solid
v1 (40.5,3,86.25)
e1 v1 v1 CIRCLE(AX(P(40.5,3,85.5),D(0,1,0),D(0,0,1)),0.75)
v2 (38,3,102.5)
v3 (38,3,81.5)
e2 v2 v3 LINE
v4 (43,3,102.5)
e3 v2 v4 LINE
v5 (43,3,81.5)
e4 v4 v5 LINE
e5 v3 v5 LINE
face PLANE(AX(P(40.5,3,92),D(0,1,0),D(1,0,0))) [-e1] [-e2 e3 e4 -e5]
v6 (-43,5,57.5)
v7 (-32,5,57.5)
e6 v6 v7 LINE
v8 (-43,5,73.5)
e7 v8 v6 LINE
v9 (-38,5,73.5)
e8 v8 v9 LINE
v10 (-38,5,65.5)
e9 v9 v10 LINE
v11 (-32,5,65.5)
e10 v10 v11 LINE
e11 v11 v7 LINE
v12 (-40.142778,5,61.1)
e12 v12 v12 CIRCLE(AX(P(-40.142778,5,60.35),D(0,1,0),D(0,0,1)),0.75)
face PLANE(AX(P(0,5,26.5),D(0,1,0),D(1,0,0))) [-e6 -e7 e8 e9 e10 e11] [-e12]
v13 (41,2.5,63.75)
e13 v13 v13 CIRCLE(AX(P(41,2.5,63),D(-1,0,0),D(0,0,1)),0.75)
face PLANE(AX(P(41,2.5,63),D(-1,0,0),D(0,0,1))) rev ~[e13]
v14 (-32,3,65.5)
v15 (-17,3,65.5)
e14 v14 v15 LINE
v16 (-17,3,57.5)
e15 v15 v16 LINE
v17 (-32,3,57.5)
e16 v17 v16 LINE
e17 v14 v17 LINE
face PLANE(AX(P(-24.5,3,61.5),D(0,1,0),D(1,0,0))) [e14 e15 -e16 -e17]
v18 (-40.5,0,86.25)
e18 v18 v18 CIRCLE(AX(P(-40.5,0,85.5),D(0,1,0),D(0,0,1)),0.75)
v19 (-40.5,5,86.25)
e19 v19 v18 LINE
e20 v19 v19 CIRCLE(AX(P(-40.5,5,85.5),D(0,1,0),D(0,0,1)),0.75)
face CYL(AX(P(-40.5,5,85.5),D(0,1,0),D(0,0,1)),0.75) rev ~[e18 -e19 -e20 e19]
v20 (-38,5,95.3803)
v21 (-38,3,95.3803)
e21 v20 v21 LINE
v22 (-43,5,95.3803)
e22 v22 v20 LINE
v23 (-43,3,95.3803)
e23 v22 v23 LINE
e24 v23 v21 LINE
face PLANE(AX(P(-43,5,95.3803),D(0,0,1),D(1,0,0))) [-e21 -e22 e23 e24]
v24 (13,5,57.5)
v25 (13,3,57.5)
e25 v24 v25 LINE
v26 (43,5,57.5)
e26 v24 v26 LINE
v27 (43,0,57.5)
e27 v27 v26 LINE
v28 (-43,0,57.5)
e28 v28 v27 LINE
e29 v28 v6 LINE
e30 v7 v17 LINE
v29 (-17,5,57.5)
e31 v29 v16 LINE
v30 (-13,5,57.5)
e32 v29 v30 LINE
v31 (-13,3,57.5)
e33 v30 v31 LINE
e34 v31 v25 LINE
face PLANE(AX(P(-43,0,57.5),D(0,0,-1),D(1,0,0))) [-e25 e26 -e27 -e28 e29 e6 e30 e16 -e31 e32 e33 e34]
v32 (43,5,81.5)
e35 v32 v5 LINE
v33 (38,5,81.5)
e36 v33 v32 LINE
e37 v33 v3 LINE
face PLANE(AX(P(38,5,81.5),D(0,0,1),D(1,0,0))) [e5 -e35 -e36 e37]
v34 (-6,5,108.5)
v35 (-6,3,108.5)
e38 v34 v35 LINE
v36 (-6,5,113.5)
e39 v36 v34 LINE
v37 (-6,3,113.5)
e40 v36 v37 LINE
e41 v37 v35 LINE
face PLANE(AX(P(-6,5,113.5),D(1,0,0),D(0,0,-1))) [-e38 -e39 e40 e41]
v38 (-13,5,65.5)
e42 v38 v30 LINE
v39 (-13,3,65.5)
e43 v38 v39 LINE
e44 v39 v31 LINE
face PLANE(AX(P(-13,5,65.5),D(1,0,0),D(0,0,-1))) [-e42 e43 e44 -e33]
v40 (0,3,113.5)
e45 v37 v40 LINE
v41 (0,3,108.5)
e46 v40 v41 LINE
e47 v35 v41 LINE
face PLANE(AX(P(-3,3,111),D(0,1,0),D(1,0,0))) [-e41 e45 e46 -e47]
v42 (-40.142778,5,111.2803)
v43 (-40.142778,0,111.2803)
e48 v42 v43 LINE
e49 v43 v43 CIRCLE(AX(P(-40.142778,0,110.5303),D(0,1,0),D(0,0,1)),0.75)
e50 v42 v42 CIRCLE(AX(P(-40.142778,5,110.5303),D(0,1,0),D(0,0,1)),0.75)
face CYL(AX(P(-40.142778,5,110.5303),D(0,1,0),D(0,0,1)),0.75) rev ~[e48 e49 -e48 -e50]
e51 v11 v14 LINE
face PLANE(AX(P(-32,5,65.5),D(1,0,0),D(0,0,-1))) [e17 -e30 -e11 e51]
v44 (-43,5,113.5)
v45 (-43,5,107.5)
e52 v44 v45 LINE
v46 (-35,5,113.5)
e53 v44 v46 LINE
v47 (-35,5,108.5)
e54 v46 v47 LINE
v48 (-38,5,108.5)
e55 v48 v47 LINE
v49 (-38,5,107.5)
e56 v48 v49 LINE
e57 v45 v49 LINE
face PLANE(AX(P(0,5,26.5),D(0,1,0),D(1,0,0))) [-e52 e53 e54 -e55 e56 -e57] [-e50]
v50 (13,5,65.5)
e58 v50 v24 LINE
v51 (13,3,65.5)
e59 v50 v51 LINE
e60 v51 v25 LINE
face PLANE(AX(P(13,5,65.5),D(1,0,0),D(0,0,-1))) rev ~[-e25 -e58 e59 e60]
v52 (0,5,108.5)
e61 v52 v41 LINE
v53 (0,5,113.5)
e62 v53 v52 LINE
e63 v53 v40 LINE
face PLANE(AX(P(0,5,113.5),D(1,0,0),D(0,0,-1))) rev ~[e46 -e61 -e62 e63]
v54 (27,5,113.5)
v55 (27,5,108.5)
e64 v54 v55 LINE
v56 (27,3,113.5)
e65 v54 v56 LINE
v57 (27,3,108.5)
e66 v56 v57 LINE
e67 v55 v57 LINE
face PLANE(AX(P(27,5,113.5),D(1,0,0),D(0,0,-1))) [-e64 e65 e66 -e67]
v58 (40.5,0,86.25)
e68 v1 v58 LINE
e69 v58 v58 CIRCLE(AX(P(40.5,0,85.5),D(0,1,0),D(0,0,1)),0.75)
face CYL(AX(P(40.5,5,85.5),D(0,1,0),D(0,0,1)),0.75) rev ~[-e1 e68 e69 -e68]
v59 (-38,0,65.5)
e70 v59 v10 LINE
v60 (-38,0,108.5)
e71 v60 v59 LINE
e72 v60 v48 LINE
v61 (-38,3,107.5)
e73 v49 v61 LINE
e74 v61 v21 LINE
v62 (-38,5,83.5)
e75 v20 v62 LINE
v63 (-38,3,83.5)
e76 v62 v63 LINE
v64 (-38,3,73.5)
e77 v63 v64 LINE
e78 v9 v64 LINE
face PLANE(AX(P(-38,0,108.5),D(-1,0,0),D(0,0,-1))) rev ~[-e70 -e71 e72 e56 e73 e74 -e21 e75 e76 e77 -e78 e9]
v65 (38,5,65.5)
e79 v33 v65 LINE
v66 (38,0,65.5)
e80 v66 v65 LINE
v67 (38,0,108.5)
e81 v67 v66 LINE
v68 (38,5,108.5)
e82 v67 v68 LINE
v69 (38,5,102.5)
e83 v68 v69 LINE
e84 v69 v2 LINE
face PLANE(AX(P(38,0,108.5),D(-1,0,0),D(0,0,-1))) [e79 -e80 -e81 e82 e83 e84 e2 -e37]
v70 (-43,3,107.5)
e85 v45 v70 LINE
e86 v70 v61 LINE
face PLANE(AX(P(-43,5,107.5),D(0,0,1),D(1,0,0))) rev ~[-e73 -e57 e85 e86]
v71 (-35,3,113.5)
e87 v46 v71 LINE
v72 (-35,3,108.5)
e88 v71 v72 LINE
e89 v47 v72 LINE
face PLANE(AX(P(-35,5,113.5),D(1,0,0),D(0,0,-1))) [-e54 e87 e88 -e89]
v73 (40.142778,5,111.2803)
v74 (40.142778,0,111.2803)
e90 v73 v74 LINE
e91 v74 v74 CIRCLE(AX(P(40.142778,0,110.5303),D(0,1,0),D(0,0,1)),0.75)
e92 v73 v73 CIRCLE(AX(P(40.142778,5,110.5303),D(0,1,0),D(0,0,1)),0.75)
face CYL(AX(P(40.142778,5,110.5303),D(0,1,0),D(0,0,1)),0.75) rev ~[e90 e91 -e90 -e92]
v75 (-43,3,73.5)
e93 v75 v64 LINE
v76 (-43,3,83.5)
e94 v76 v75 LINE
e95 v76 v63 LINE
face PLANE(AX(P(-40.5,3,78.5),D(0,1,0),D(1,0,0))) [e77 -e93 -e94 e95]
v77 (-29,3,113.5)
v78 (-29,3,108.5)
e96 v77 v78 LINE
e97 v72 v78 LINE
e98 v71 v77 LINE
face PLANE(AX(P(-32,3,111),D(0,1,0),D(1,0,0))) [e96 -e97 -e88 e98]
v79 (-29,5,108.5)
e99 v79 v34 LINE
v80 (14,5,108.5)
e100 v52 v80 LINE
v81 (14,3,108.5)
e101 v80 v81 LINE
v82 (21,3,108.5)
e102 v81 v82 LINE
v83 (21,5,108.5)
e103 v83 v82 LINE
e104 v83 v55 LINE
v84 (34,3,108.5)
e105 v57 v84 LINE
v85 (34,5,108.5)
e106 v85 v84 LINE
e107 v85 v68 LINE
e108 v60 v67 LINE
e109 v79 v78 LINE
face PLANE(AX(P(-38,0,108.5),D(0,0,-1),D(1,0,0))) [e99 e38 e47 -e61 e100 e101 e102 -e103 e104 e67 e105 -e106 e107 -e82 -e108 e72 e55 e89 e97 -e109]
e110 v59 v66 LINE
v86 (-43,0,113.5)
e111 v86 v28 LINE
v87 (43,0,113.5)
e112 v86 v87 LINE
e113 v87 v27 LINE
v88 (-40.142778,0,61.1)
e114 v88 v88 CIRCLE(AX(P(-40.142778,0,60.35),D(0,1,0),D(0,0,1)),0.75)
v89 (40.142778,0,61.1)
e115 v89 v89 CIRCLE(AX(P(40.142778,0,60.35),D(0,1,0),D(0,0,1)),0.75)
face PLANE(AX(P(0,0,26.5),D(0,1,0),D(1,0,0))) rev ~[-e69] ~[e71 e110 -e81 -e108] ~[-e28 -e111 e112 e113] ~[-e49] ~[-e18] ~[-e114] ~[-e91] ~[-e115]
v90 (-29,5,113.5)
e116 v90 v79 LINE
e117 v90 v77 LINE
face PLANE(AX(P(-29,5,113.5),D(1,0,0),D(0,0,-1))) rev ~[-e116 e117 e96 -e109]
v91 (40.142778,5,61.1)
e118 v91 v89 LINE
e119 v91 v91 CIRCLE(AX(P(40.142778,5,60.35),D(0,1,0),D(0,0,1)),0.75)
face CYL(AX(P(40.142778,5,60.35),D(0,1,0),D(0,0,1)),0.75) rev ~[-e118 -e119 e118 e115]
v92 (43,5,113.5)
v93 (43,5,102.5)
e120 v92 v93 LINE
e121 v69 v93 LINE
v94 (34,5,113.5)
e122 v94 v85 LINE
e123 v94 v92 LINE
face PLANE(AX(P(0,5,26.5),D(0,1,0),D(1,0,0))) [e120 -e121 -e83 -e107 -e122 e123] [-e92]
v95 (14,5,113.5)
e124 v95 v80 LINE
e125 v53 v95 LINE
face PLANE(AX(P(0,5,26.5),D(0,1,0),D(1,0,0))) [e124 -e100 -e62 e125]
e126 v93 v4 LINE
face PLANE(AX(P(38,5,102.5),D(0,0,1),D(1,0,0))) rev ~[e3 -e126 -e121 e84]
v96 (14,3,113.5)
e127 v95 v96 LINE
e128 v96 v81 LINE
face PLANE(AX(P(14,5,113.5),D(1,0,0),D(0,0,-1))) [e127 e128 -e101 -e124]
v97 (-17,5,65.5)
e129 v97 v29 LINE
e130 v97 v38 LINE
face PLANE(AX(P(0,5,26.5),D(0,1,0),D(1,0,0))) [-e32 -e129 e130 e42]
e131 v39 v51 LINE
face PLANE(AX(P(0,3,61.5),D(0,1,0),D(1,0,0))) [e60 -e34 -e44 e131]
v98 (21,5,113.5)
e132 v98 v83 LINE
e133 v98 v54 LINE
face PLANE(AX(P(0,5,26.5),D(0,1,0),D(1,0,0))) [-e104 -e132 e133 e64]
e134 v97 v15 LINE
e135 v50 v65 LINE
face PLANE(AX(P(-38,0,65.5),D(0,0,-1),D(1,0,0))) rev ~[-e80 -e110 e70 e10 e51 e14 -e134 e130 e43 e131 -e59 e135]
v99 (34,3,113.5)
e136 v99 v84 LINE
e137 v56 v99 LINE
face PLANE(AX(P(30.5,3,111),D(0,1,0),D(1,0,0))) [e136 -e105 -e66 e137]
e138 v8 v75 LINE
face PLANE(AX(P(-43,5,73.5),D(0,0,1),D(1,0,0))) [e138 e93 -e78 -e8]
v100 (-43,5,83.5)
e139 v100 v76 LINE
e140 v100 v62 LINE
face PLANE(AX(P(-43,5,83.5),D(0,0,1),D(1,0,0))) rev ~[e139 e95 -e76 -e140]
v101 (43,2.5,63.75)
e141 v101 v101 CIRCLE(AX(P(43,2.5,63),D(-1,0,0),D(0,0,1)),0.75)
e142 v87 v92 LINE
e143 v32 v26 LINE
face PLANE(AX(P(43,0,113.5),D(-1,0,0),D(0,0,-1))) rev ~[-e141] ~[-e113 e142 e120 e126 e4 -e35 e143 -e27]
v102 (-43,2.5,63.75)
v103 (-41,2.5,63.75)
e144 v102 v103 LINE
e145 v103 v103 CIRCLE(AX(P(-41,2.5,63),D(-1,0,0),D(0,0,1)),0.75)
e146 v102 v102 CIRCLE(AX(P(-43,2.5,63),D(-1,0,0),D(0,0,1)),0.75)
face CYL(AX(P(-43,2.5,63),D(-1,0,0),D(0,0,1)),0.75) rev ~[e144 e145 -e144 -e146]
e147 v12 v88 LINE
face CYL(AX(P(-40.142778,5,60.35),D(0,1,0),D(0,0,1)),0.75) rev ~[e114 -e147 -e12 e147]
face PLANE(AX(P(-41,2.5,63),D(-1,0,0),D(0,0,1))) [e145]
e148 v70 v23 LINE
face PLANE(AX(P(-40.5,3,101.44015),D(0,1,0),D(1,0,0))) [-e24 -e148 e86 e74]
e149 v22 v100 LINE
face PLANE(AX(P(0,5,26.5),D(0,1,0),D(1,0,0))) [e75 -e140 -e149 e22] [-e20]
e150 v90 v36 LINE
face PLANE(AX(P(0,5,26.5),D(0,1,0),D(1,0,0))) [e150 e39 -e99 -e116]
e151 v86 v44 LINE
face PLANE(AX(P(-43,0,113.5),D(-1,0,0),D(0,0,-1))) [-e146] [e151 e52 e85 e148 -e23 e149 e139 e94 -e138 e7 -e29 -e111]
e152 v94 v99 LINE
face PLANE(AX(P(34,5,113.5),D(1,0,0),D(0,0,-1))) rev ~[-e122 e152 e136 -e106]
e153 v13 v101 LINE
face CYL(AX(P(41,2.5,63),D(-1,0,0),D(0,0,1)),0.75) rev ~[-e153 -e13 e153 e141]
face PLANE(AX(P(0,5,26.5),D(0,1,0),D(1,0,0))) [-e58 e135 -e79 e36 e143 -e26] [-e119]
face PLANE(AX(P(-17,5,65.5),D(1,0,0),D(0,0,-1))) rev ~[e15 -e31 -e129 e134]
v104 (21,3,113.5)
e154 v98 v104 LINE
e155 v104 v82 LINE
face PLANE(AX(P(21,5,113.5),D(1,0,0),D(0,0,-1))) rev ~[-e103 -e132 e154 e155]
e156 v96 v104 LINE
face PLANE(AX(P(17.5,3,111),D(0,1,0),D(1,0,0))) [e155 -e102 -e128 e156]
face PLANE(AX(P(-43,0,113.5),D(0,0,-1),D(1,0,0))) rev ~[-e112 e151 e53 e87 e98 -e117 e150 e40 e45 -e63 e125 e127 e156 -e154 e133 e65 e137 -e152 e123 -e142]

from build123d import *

# Parameters (mm, degrees)
SKETCH_1_W          = 86
SKETCH_1_H          = 174
SKETCH_1_W_2        = 50
SKETCH_1_H_2        = 25
SKETCH_1_H_3        = 55
SKETCH_1_W_3        = 76
SKETCH_1_H_4        = 43
EXTRUDE_1_DEPTH     = 5
SKETCH_4_W          = 68.7
SKETCH_4_H          = 115
SKETCH_4_W_2        = 64.7
SKETCH_4_H_2        = 37
SKETCH_4_H_3        = 70
EXTRUDE_2_DEPTH     = 10
SKETCH_5_R          = 0.75
CUT_EXTRUDE_1_DEPTH = 122.783619588
SKETCH_7_W          = 15
SKETCH_7_H          = 8
SKETCH_7_W_2        = 26
SKETCH_7_W_3        = 5
SKETCH_7_H_2        = 10
SKETCH_7_H_3        = 12.119700025
SKETCH_7_W_4        = 6
SKETCH_7_H_4        = 5
SKETCH_7_W_5        = 7
SKETCH_7_H_5        = 21
CUT_EXTRUDE_2_DEPTH = 2
SKETCH_8_R          = 0.75
CUT_EXTRUDE_3_DEPTH = 2
CUT_EXTRUDE_START   = -84
SKETCH_8_3_R        = 0.75
CUT_EXTRUDE_4_DEPTH = 2
SKETCH_9_W          = 86
SKETCH_9_H          = 118
SKETCH_9_R          = 0.75
SKETCH_9_W_2        = 50
SKETCH_9_H_2        = 55
SKETCH_9_H_3        = 25
CUT_EXTRUDE_5_DEPTH = 123.295748086


with BuildPart() as part:
    # 草图1 → 凸台-拉伸1 (new body)
    with BuildSketch(Plane(origin=(0, 0, 0), x_dir=(1, 0, 0), z_dir=(0, 1, 0))):
        with Locations((0, -26.5)):
            Rectangle(SKETCH_1_W, SKETCH_1_H)
        with Locations((0, -38)):
            Rectangle(SKETCH_1_W_2, SKETCH_1_H_2, mode=Mode.SUBTRACT)
        with Locations((0, 23)):
            Rectangle(SKETCH_1_W_2, SKETCH_1_H_3, mode=Mode.SUBTRACT)
        with Locations((0, -87)):
            Rectangle(SKETCH_1_W_3, SKETCH_1_H_4, mode=Mode.SUBTRACT)
    extrude(amount=EXTRUDE_1_DEPTH)

    # 草图4 → 凸台-拉伸2 (add)
    with BuildSketch(Plane(origin=(0, 5, 0), x_dir=(1, 0, 0), z_dir=(0, 1, 0))):
        Rectangle(SKETCH_4_W, SKETCH_4_H)
        with Locations((0, -37)):
            Rectangle(SKETCH_4_W_2, SKETCH_4_H_2, mode=Mode.SUBTRACT)
        with Locations((0, 20.5)):
            Rectangle(SKETCH_4_W_2, SKETCH_4_H_3, mode=Mode.SUBTRACT)
    extrude(amount=EXTRUDE_2_DEPTH)

    # 草图5 → 切除-拉伸1 (cut, through all)
    with BuildSketch(Plane(origin=(0, 5, 0), x_dir=(1, 0, 0), z_dir=(0, 1, 0))):
        with Locations(Location((-39, 20.5, 0), (0, 0, 270))):
            Circle(SKETCH_5_R)
        with Locations(Location((39, 20.5, 0), (0, 0, 270))):
            Circle(SKETCH_5_R)
        with Locations(Location((-39, -32.5, 0), (0, 0, 270))):
            Circle(SKETCH_5_R)
        with Locations(Location((39, -32.5, 0), (0, 0, 270))):
            Circle(SKETCH_5_R)
        with Locations(Location((-40.1427775, -60.35, 0), (0, 0, 270))):
            Circle(SKETCH_5_R)
        with Locations(Location((40.1427775, -60.35, 0), (0, 0, 270))):
            Circle(SKETCH_5_R)
        with Locations(Location((-40.1427775, -110.530299975, 0), (0, 0, 270))):
            Circle(SKETCH_5_R)
        with Locations(Location((40.1427775, -110.530299975, 0), (0, 0, 270))):
            Circle(SKETCH_5_R)
        with Locations(Location((-40.5, 57.5, 0), (0, 0, 270))):
            Circle(SKETCH_5_R)
        with Locations(Location((-40.5, -38, 0), (0, 0, 270))):
            Circle(SKETCH_5_R)
        with Locations(Location((-40.5, -85.5, 0), (0, 0, 270))):
            Circle(SKETCH_5_R)
        with Locations(Location((40.5, 57.5, 0), (0, 0, 270))):
            Circle(SKETCH_5_R)
        with Locations(Location((40.5, -38, 0), (0, 0, 270))):
            Circle(SKETCH_5_R)
        with Locations(Location((40.5, -85.5, 0), (0, 0, 270))):
            Circle(SKETCH_5_R)
        with Locations(Location((-40.5, -4.5, 0), (0, 0, 270))):
            Circle(SKETCH_5_R)
        with Locations(Location((40.5, -4.5, 0), (0, 0, 270))):
            Circle(SKETCH_5_R)
    extrude(amount=-CUT_EXTRUDE_1_DEPTH, mode=Mode.SUBTRACT)

    # 草图7 → 切除-拉伸2 (cut)
    with BuildSketch(Plane(origin=(0, 5, 0), x_dir=(1, 0, 0), z_dir=(0, 1, 0))):
        with Locations((-24.5, -61.5)):
            Rectangle(SKETCH_7_W, SKETCH_7_H)
        with Locations((0, -61.5)):
            Rectangle(SKETCH_7_W_2, SKETCH_7_H)
        with Locations((-40.5, -78.5)):
            Rectangle(SKETCH_7_W_3, SKETCH_7_H_2)
        with Locations((-40.5, -101.440149988)):
            Rectangle(SKETCH_7_W_3, SKETCH_7_H_3)
        with Locations((-32, -111)):
            Rectangle(SKETCH_7_W_4, SKETCH_7_H_4)
        with Locations((-3, -111)):
            Rectangle(SKETCH_7_W_4, SKETCH_7_H_4)
        with Locations((17.5, -111)):
            Rectangle(SKETCH_7_W_5, SKETCH_7_H_4)
        with Locations((30.5, -111)):
            Rectangle(SKETCH_7_W_5, SKETCH_7_H_4)
        with Locations((40.5, -92)):
            Rectangle(SKETCH_7_W_3, SKETCH_7_H_5)
    extrude(amount=-CUT_EXTRUDE_2_DEPTH, mode=Mode.SUBTRACT)

    # 草图8 → 切除-拉伸3 (cut)
    with BuildSketch(Plane.ZY.offset(43)):
        with Locations((8, 2.5)):
            Circle(SKETCH_8_R)
        with Locations((23, 2.5)):
            Circle(SKETCH_8_R)
        with Locations((52, 2.5)):
            Circle(SKETCH_8_R)
        with Locations((63, 2.5)):
            Circle(SKETCH_8_R)
    extrude(amount=-CUT_EXTRUDE_3_DEPTH, mode=Mode.SUBTRACT)

    # 草图8<3> → 切除-拉伸4 (cut)
    with BuildSketch(Plane.ZY.offset(43).offset(CUT_EXTRUDE_START)):
        with Locations((8, 2.5)):
            Circle(SKETCH_8_3_R)
        with Locations((23, 2.5)):
            Circle(SKETCH_8_3_R)
        with Locations((52, 2.5)):
            Circle(SKETCH_8_3_R)
        with Locations((63, 2.5)):
            Circle(SKETCH_8_3_R)
    extrude(amount=-CUT_EXTRUDE_4_DEPTH, mode=Mode.SUBTRACT)

    # 草图9 → 切除-拉伸5 (cut, through all)
    with BuildSketch(Plane(origin=(0, 0, 0), x_dir=(1, 0, 0), z_dir=(0, 1, 0))):
        with Locations((0, 1.5)):
            Rectangle(SKETCH_9_W, SKETCH_9_H)
        with Locations((-40.5, -4.5)):
            Circle(SKETCH_9_R, mode=Mode.SUBTRACT)
        with Locations((-39, 20.5)):
            Circle(SKETCH_9_R, mode=Mode.SUBTRACT)
        with Locations((-40.5, 57.5)):
            Circle(SKETCH_9_R, mode=Mode.SUBTRACT)
        with Locations((0, 23)):
            Rectangle(SKETCH_9_W_2, SKETCH_9_H_2, mode=Mode.SUBTRACT)
        with Locations((40.5, -4.5)):
            Circle(SKETCH_9_R, mode=Mode.SUBTRACT)
        with Locations((39, 20.5)):
            Circle(SKETCH_9_R, mode=Mode.SUBTRACT)
        with Locations((40.5, 57.5)):
            Circle(SKETCH_9_R, mode=Mode.SUBTRACT)
        with Locations((39, -32.5)):
            Circle(SKETCH_9_R, mode=Mode.SUBTRACT)
        with Locations((-40.5, -38)):
            Circle(SKETCH_9_R, mode=Mode.SUBTRACT)
        with Locations((-39, -32.5)):
            Circle(SKETCH_9_R, mode=Mode.SUBTRACT)
        with Locations((0, -38)):
            Rectangle(SKETCH_9_W_2, SKETCH_9_H_3, mode=Mode.SUBTRACT)
        with Locations((40.5, -38)):
            Circle(SKETCH_9_R, mode=Mode.SUBTRACT)
    extrude(amount=CUT_EXTRUDE_5_DEPTH, mode=Mode.SUBTRACT)


solid = part.part
